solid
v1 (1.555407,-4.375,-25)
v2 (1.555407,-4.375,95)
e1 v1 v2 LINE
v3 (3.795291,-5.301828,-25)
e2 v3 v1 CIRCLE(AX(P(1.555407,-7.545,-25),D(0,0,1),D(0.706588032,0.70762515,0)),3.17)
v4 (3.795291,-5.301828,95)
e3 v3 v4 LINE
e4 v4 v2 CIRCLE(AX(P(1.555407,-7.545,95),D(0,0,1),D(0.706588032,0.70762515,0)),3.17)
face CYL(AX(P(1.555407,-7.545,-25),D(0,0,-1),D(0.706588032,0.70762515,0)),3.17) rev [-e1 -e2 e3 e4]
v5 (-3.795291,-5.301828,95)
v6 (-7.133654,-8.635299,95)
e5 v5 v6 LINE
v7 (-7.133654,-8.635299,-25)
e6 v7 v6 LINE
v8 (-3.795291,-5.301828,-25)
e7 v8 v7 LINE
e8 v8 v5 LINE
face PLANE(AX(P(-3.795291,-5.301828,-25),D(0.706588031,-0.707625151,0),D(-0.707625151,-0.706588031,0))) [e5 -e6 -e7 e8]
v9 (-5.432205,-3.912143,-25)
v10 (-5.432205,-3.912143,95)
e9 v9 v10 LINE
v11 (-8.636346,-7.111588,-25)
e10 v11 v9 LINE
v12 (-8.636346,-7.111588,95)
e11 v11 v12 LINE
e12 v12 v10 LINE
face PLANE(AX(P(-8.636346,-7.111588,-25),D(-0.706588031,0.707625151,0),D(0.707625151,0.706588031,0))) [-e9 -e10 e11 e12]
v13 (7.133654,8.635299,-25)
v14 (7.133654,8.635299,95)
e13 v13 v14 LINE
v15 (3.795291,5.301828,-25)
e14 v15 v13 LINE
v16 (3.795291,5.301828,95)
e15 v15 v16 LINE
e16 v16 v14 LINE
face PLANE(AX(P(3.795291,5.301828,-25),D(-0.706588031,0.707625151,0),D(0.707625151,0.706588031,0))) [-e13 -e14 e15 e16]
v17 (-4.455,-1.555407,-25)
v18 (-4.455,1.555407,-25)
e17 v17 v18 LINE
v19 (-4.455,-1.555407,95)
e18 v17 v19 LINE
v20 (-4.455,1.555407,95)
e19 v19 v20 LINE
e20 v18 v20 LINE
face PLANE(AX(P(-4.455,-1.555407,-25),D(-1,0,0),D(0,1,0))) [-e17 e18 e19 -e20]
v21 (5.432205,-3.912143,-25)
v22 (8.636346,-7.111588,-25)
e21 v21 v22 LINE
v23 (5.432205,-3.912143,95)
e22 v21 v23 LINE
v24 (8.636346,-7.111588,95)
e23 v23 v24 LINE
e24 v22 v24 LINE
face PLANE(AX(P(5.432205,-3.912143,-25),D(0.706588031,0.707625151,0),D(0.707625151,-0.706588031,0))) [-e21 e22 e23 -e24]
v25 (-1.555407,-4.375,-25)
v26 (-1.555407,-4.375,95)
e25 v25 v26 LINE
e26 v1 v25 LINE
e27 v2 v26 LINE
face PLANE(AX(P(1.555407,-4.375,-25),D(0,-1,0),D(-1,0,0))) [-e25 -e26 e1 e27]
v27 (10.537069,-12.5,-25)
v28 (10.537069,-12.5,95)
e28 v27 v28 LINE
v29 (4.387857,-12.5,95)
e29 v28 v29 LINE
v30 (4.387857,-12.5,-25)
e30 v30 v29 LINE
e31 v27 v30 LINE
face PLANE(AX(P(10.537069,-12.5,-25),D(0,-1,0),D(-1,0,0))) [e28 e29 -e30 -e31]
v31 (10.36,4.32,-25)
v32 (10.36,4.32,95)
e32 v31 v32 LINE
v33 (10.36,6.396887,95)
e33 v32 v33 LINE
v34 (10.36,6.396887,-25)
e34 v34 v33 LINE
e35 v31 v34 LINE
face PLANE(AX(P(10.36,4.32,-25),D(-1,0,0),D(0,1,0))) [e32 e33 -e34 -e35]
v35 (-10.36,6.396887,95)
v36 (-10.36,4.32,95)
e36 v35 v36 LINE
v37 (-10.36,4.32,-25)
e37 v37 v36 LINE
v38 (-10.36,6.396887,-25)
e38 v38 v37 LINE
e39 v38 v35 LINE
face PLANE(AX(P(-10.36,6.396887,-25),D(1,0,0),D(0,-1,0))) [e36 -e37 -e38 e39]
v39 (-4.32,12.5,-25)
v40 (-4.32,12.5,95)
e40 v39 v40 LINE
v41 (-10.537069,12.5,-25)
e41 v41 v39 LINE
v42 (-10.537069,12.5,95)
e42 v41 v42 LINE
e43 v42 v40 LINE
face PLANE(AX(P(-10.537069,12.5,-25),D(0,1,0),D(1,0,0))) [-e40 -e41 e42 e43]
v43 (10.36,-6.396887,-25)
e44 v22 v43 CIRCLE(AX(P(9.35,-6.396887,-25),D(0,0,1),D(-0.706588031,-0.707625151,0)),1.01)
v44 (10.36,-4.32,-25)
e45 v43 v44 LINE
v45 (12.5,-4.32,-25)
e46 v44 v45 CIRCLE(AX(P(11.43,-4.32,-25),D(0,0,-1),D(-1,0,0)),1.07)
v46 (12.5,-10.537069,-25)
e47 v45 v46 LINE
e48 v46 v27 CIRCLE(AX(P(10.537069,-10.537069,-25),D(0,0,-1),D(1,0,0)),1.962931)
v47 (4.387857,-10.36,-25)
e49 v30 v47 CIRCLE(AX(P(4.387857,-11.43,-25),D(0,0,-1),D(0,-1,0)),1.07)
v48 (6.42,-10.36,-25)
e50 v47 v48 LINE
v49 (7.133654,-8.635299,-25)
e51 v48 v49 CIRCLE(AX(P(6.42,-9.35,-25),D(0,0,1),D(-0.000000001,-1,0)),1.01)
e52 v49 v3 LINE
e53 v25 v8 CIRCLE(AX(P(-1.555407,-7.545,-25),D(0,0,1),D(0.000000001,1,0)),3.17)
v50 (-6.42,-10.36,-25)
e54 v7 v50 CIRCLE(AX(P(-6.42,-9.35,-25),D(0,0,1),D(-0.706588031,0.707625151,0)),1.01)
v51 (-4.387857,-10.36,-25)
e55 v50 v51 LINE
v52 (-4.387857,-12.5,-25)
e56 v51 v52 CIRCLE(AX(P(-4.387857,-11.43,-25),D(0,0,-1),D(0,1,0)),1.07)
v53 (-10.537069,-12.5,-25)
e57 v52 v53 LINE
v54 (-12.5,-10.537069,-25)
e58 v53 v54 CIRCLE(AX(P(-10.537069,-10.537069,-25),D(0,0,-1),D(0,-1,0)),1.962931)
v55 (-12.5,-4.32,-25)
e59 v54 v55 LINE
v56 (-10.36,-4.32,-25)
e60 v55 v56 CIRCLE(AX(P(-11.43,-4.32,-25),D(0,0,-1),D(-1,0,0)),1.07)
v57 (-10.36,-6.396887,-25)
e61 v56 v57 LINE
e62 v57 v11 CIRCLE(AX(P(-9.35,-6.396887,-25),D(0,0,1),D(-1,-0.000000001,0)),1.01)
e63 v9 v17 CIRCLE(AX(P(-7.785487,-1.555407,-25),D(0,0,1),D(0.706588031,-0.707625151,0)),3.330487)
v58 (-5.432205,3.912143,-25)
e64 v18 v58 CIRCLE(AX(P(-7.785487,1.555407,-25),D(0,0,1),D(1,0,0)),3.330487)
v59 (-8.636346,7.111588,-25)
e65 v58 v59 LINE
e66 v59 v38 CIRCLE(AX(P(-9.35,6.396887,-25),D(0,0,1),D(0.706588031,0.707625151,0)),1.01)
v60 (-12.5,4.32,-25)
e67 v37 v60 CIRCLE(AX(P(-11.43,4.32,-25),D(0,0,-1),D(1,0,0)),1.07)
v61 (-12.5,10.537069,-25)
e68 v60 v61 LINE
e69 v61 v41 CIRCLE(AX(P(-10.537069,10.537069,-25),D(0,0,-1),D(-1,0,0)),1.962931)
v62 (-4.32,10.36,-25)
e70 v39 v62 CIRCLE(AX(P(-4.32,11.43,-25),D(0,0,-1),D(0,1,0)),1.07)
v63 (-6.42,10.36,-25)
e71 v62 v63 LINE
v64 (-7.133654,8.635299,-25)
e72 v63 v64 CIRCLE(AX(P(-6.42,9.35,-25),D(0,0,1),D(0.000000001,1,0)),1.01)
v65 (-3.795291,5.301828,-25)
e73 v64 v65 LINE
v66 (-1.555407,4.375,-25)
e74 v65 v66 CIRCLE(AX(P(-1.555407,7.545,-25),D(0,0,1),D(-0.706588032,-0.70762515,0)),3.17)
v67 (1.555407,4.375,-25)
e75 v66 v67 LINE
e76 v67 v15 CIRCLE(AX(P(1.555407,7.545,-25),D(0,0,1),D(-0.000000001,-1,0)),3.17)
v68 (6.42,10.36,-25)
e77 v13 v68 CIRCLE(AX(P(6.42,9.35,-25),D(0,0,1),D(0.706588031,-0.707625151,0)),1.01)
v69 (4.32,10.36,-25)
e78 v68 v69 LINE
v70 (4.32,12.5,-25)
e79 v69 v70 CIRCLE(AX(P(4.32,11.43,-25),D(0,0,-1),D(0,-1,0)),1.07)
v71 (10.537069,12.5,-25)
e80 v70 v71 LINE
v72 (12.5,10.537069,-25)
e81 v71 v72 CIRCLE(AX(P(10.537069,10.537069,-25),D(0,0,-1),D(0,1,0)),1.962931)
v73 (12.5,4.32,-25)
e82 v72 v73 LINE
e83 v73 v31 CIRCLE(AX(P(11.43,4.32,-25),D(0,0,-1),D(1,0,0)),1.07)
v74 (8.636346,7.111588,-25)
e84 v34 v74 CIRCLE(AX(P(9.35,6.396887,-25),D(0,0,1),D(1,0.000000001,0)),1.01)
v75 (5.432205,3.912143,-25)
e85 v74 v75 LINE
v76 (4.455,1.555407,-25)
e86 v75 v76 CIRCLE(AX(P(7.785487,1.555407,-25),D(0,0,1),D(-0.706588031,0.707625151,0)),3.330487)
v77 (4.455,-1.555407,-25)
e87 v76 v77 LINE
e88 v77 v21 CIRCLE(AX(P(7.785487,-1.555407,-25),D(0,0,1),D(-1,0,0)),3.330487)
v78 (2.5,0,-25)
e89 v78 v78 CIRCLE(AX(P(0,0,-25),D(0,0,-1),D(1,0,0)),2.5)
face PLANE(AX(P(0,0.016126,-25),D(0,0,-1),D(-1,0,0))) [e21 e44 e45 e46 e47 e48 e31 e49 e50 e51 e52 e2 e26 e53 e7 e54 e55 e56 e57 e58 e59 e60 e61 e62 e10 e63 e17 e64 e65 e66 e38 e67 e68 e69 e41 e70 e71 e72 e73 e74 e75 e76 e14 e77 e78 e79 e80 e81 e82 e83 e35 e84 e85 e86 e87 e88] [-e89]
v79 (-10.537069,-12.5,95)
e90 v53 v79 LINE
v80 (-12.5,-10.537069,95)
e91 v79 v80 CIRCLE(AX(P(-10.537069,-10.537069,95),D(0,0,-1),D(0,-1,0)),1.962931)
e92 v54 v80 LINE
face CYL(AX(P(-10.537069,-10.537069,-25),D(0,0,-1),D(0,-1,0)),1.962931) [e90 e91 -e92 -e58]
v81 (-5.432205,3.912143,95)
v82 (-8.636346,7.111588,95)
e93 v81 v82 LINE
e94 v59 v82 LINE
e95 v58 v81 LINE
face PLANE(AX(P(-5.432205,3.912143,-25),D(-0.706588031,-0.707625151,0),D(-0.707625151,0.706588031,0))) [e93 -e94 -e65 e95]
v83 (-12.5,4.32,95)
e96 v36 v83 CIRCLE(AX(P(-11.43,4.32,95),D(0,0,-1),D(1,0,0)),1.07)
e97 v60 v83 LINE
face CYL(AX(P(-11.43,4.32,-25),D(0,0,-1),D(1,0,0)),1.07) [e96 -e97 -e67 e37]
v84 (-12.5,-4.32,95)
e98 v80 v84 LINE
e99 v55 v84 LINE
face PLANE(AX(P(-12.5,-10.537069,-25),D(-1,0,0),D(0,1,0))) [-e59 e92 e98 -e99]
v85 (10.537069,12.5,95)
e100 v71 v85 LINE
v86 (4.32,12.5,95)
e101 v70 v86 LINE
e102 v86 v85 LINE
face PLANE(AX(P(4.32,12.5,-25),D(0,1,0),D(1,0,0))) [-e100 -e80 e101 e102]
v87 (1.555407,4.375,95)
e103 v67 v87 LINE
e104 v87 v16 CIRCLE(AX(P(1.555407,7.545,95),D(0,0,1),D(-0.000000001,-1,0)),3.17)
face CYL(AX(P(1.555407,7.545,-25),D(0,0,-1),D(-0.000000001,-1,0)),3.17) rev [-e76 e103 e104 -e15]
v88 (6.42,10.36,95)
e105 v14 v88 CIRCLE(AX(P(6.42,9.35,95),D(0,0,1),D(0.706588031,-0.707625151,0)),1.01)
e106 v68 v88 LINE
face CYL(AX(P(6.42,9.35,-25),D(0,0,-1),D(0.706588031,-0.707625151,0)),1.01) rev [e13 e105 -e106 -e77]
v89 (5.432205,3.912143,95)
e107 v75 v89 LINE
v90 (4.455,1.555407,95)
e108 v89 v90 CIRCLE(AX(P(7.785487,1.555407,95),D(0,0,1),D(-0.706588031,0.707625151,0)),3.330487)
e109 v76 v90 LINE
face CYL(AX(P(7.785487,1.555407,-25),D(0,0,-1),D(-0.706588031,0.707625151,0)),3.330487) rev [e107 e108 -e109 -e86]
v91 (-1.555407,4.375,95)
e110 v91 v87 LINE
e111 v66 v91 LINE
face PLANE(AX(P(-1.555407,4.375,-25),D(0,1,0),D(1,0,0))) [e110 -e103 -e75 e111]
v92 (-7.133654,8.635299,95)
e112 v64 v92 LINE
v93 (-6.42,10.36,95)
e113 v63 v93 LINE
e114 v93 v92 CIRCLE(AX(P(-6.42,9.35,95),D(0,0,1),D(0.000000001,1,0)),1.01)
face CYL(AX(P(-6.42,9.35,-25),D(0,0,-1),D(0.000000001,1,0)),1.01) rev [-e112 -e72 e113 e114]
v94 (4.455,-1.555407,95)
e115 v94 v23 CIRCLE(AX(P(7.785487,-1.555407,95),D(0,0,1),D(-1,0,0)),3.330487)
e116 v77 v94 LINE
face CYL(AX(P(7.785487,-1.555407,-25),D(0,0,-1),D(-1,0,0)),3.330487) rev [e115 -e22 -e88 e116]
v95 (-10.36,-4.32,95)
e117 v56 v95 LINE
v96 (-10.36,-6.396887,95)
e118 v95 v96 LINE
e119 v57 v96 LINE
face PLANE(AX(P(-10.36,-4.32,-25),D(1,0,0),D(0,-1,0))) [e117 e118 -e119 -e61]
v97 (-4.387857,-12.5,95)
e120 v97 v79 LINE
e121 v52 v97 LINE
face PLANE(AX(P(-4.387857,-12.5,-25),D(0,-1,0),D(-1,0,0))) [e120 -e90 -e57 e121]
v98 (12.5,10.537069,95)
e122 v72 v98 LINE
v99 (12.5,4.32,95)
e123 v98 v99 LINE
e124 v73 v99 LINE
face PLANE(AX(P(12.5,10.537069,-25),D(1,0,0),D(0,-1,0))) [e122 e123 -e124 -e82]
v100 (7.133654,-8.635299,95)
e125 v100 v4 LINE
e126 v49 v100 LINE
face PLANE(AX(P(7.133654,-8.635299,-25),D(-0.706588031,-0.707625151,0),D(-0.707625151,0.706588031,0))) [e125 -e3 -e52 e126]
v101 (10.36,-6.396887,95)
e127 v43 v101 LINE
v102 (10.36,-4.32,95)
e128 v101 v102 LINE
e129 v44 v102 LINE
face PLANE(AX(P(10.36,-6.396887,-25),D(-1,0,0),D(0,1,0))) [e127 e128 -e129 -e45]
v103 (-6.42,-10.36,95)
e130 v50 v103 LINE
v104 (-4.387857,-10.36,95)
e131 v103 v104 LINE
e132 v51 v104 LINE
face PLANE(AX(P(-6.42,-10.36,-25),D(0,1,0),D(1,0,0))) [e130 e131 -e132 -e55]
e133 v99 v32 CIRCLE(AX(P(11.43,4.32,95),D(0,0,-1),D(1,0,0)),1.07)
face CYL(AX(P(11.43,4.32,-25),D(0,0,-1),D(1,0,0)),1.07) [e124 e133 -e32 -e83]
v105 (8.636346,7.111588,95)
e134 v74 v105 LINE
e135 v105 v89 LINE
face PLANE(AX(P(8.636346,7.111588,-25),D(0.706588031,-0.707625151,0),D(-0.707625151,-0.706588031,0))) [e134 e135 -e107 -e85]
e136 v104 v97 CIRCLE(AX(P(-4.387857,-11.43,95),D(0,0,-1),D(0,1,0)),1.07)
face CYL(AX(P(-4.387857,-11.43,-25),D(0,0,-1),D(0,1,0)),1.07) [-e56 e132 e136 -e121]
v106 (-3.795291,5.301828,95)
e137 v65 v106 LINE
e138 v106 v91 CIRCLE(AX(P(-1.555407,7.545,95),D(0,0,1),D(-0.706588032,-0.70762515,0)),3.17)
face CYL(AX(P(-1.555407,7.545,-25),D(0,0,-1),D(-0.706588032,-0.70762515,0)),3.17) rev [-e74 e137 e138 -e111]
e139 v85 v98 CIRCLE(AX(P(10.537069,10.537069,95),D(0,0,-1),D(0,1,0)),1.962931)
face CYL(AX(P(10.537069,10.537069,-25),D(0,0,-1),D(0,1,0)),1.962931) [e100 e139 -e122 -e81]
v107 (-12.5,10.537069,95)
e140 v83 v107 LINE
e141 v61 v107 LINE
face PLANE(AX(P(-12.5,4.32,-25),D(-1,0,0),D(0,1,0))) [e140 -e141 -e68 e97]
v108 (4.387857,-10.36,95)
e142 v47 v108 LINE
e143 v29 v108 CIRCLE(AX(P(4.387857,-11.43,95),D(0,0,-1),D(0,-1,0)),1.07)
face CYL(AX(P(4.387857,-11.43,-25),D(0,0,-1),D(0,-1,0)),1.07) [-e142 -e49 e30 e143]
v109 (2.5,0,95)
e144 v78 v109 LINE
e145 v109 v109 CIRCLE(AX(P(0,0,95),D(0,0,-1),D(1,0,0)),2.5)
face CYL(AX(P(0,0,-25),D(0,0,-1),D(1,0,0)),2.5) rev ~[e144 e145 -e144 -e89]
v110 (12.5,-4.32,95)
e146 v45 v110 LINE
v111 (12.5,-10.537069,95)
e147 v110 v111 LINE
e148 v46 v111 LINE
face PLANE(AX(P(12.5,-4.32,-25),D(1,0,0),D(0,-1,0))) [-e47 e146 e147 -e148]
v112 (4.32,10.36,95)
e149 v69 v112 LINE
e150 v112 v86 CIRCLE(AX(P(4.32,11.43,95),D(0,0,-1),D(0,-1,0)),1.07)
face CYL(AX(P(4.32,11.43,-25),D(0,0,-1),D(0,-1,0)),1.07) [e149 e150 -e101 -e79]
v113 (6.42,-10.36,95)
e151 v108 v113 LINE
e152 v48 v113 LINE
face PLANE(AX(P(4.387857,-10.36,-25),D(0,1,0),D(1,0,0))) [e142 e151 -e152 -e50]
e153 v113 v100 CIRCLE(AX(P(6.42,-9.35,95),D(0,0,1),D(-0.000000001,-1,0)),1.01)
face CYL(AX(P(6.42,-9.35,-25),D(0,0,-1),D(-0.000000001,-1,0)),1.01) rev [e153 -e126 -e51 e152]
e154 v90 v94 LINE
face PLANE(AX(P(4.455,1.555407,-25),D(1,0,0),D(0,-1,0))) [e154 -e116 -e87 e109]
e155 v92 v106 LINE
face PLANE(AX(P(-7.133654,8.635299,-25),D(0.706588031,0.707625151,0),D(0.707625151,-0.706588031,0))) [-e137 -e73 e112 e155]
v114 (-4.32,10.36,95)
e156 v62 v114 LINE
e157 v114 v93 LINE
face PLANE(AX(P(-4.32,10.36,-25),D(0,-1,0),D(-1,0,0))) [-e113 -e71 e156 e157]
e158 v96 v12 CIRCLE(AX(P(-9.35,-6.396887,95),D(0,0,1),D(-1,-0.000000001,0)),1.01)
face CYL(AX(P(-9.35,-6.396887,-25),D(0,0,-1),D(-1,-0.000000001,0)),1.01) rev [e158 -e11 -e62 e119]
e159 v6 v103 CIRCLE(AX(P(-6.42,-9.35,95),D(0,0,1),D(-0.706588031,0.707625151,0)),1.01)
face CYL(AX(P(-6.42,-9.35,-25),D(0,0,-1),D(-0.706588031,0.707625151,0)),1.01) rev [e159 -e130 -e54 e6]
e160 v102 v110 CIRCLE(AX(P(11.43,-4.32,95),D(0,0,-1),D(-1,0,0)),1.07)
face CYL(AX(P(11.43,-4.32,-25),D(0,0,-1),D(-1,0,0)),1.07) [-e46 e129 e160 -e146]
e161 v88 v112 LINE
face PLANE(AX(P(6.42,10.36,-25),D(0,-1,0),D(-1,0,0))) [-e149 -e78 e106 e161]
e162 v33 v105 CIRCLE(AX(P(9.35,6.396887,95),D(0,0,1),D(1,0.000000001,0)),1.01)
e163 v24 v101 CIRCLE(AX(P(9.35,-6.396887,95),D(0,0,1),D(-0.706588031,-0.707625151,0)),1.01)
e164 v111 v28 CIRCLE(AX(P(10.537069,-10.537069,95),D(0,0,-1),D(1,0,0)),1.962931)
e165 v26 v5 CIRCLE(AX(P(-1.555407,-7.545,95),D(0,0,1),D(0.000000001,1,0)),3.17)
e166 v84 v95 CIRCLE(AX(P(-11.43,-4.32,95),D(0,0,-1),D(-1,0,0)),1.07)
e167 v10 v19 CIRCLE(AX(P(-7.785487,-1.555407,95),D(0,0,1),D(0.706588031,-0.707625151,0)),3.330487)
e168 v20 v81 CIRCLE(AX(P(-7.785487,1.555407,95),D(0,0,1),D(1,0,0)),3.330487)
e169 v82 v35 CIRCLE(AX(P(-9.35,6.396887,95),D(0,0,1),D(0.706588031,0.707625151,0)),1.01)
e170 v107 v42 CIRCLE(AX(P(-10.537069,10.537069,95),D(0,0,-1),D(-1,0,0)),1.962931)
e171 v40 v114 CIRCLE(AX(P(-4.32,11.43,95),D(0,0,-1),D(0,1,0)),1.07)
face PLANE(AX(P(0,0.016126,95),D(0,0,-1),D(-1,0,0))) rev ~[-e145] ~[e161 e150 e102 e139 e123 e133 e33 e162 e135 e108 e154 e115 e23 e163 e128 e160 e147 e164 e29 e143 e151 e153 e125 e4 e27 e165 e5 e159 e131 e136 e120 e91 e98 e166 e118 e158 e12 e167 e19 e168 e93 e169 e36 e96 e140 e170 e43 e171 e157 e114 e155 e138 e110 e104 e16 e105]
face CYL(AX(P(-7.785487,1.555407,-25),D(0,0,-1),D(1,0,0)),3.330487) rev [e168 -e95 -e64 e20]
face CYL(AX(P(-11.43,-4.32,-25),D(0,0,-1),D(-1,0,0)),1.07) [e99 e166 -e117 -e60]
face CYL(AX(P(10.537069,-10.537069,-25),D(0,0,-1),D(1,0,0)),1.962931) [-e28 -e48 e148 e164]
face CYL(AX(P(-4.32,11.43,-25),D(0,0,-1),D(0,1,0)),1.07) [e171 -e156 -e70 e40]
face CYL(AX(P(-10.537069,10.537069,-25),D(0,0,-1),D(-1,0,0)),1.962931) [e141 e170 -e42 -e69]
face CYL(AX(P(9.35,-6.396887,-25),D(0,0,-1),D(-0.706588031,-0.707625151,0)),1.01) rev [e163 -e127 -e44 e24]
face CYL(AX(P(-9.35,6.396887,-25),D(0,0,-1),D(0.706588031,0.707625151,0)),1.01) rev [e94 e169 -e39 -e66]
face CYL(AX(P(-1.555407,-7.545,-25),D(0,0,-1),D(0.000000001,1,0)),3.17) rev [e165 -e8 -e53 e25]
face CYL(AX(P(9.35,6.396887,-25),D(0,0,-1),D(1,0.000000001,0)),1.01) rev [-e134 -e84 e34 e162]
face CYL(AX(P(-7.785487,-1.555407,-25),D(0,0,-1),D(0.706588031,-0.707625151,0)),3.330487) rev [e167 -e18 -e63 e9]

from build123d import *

# Parameters (mm, degrees)
SKETCH1_R           = 2.5
BOSS_EXTRUDE1_DEPTH = 120


with BuildPart() as part:
    # Sketch1 → Boss-Extrude1 (new body)
    with BuildSketch(Plane(origin=(0, 0, -25), x_dir=(-1, 0, 0), z_dir=(0, 0, -1))):
        with BuildLine():
            Line((12.5, 4.32), (12.5, 10.537068835))
            ThreePointArc((12.5, 10.537068835), (11.925070773, 11.925070773), (10.537068835, 12.5))
            Line((10.537068835, 12.5), (4.32, 12.5))
            ThreePointArc((4.32, 12.5), (3.25, 11.43), (4.32, 10.36))
            Line((4.32, 10.36), (6.42, 10.36))
            ThreePointArc((6.42, 10.36), (7.35325999, 9.736168088), (7.133653911, 8.635298598))
            Line((7.133653911, 8.635298598), (3.795290766, 5.301828272))
            ThreePointArc((3.795290766, 5.301828272), (2.76743922, 4.61585726), (1.555406707, 4.375))
            Line((1.555406707, 4.375), (-1.555406707, 4.375))
            ThreePointArc((-1.555406707, 4.375), (-2.76743922, 4.61585726), (-3.795290766, 5.301828272))
            Line((-3.795290766, 5.301828272), (-7.133653912, 8.635298598))
            ThreePointArc((-7.133653912, 8.635298598), (-7.35325999, 9.736168088), (-6.42, 10.36))
            Line((-6.42, 10.36), (-4.32, 10.36))
            ThreePointArc((-4.32, 10.36), (-3.25, 11.43), (-4.32, 12.5))
            Line((-4.32, 12.5), (-10.537068835, 12.5))
            ThreePointArc((-10.537068835, 12.5), (-11.925070773, 11.925070773), (-12.5, 10.537068835))
            Line((-12.5, 10.537068835), (-12.5, 4.32))
            ThreePointArc((-12.5, 4.32), (-11.43, 3.25), (-10.36, 4.32))
            Line((-10.36, 4.32), (-10.36, 6.396886949))
            ThreePointArc((-10.36, 6.396886949), (-9.736852394, 7.329863489), (-8.636346088, 7.111588351))
            Line((-8.636346088, 7.111588351), (-5.432204773, 3.912143135))
            ThreePointArc((-5.432204773, 3.912143135), (-4.708985779, 2.831057106), (-4.455, 1.555406707))
            Line((-4.455, 1.555406707), (-4.455, -1.555406707))
            ThreePointArc((-4.455, -1.555406707), (-4.708985779, -2.831057106), (-5.432204773, -3.912143135))
            Line((-5.432204773, -3.912143135), (-8.636346088, -7.111588351))
            ThreePointArc((-8.636346088, -7.111588351), (-9.736852394, -7.329863489), (-10.36, -6.396886949))
            Line((-10.36, -6.396886949), (-10.36, -4.32))
            ThreePointArc((-10.36, -4.32), (-11.43, -3.25), (-12.5, -4.32))
            Line((-12.5, -4.32), (-12.5, -10.537068835))
            ThreePointArc((-12.5, -10.537068835), (-11.925070773, -11.925070773), (-10.537068835, -12.5))
            Line((-10.537068835, -12.5), (-4.387856959, -12.5))
            ThreePointArc((-4.387856959, -12.5), (-3.317856959, -11.43), (-4.387856959, -10.36))
            Line((-4.387856959, -10.36), (-6.42, -10.36))
            ThreePointArc((-6.42, -10.36), (-7.35325999, -9.736168088), (-7.133653912, -8.635298598))
            Line((-7.133653912, -8.635298598), (-3.795290766, -5.301828272))
            ThreePointArc((-3.795290766, -5.301828272), (-2.76743922, -4.61585726), (-1.555406707, -4.375))
            Line((-1.555406707, -4.375), (1.555406707, -4.375))
            ThreePointArc((1.555406707, -4.375), (2.76743922, -4.61585726), (3.795290766, -5.301828272))
            Line((3.795290766, -5.301828272), (7.133653912, -8.635298598))
            ThreePointArc((7.133653912, -8.635298598), (7.35325999, -9.736168088), (6.42, -10.36))
            Line((6.42, -10.36), (4.387856959, -10.36))
            ThreePointArc((4.387856959, -10.36), (3.317856959, -11.43), (4.387856959, -12.5))
            Line((4.387856959, -12.5), (10.537068835, -12.5))
            ThreePointArc((10.537068835, -12.5), (11.925070773, -11.925070773), (12.5, -10.537068835))
            Line((12.5, -10.537068835), (12.5, -4.32))
            ThreePointArc((12.5, -4.32), (11.43, -3.25), (10.36, -4.32))
            Line((10.36, -4.32), (10.36, -6.396886949))
            ThreePointArc((10.36, -6.396886949), (9.736852394, -7.329863489), (8.636346088, -7.111588351))
            Line((8.636346088, -7.111588351), (5.432204773, -3.912143135))
            ThreePointArc((5.432204773, -3.912143135), (4.708985779, -2.831057106), (4.455, -1.555406707))
            Line((4.455, -1.555406707), (4.455, 1.555406707))
            ThreePointArc((4.455, 1.555406707), (4.708985779, 2.831057106), (5.432204773, 3.912143135))
            Line((5.432204773, 3.912143135), (8.636346088, 7.111588351))
            ThreePointArc((8.636346088, 7.111588351), (9.736852394, 7.329863489), (10.36, 6.396886949))
            Line((10.36, 6.396886949), (10.36, 4.32))
            ThreePointArc((10.36, 4.32), (11.43, 3.25), (12.5, 4.32))
        make_face()
        with Locations(Location((0, 0, 0), (0, 0, 180))):
            Circle(SKETCH1_R, mode=Mode.SUBTRACT)
    extrude(amount=-BOSS_EXTRUDE1_DEPTH)


solid = part.part
